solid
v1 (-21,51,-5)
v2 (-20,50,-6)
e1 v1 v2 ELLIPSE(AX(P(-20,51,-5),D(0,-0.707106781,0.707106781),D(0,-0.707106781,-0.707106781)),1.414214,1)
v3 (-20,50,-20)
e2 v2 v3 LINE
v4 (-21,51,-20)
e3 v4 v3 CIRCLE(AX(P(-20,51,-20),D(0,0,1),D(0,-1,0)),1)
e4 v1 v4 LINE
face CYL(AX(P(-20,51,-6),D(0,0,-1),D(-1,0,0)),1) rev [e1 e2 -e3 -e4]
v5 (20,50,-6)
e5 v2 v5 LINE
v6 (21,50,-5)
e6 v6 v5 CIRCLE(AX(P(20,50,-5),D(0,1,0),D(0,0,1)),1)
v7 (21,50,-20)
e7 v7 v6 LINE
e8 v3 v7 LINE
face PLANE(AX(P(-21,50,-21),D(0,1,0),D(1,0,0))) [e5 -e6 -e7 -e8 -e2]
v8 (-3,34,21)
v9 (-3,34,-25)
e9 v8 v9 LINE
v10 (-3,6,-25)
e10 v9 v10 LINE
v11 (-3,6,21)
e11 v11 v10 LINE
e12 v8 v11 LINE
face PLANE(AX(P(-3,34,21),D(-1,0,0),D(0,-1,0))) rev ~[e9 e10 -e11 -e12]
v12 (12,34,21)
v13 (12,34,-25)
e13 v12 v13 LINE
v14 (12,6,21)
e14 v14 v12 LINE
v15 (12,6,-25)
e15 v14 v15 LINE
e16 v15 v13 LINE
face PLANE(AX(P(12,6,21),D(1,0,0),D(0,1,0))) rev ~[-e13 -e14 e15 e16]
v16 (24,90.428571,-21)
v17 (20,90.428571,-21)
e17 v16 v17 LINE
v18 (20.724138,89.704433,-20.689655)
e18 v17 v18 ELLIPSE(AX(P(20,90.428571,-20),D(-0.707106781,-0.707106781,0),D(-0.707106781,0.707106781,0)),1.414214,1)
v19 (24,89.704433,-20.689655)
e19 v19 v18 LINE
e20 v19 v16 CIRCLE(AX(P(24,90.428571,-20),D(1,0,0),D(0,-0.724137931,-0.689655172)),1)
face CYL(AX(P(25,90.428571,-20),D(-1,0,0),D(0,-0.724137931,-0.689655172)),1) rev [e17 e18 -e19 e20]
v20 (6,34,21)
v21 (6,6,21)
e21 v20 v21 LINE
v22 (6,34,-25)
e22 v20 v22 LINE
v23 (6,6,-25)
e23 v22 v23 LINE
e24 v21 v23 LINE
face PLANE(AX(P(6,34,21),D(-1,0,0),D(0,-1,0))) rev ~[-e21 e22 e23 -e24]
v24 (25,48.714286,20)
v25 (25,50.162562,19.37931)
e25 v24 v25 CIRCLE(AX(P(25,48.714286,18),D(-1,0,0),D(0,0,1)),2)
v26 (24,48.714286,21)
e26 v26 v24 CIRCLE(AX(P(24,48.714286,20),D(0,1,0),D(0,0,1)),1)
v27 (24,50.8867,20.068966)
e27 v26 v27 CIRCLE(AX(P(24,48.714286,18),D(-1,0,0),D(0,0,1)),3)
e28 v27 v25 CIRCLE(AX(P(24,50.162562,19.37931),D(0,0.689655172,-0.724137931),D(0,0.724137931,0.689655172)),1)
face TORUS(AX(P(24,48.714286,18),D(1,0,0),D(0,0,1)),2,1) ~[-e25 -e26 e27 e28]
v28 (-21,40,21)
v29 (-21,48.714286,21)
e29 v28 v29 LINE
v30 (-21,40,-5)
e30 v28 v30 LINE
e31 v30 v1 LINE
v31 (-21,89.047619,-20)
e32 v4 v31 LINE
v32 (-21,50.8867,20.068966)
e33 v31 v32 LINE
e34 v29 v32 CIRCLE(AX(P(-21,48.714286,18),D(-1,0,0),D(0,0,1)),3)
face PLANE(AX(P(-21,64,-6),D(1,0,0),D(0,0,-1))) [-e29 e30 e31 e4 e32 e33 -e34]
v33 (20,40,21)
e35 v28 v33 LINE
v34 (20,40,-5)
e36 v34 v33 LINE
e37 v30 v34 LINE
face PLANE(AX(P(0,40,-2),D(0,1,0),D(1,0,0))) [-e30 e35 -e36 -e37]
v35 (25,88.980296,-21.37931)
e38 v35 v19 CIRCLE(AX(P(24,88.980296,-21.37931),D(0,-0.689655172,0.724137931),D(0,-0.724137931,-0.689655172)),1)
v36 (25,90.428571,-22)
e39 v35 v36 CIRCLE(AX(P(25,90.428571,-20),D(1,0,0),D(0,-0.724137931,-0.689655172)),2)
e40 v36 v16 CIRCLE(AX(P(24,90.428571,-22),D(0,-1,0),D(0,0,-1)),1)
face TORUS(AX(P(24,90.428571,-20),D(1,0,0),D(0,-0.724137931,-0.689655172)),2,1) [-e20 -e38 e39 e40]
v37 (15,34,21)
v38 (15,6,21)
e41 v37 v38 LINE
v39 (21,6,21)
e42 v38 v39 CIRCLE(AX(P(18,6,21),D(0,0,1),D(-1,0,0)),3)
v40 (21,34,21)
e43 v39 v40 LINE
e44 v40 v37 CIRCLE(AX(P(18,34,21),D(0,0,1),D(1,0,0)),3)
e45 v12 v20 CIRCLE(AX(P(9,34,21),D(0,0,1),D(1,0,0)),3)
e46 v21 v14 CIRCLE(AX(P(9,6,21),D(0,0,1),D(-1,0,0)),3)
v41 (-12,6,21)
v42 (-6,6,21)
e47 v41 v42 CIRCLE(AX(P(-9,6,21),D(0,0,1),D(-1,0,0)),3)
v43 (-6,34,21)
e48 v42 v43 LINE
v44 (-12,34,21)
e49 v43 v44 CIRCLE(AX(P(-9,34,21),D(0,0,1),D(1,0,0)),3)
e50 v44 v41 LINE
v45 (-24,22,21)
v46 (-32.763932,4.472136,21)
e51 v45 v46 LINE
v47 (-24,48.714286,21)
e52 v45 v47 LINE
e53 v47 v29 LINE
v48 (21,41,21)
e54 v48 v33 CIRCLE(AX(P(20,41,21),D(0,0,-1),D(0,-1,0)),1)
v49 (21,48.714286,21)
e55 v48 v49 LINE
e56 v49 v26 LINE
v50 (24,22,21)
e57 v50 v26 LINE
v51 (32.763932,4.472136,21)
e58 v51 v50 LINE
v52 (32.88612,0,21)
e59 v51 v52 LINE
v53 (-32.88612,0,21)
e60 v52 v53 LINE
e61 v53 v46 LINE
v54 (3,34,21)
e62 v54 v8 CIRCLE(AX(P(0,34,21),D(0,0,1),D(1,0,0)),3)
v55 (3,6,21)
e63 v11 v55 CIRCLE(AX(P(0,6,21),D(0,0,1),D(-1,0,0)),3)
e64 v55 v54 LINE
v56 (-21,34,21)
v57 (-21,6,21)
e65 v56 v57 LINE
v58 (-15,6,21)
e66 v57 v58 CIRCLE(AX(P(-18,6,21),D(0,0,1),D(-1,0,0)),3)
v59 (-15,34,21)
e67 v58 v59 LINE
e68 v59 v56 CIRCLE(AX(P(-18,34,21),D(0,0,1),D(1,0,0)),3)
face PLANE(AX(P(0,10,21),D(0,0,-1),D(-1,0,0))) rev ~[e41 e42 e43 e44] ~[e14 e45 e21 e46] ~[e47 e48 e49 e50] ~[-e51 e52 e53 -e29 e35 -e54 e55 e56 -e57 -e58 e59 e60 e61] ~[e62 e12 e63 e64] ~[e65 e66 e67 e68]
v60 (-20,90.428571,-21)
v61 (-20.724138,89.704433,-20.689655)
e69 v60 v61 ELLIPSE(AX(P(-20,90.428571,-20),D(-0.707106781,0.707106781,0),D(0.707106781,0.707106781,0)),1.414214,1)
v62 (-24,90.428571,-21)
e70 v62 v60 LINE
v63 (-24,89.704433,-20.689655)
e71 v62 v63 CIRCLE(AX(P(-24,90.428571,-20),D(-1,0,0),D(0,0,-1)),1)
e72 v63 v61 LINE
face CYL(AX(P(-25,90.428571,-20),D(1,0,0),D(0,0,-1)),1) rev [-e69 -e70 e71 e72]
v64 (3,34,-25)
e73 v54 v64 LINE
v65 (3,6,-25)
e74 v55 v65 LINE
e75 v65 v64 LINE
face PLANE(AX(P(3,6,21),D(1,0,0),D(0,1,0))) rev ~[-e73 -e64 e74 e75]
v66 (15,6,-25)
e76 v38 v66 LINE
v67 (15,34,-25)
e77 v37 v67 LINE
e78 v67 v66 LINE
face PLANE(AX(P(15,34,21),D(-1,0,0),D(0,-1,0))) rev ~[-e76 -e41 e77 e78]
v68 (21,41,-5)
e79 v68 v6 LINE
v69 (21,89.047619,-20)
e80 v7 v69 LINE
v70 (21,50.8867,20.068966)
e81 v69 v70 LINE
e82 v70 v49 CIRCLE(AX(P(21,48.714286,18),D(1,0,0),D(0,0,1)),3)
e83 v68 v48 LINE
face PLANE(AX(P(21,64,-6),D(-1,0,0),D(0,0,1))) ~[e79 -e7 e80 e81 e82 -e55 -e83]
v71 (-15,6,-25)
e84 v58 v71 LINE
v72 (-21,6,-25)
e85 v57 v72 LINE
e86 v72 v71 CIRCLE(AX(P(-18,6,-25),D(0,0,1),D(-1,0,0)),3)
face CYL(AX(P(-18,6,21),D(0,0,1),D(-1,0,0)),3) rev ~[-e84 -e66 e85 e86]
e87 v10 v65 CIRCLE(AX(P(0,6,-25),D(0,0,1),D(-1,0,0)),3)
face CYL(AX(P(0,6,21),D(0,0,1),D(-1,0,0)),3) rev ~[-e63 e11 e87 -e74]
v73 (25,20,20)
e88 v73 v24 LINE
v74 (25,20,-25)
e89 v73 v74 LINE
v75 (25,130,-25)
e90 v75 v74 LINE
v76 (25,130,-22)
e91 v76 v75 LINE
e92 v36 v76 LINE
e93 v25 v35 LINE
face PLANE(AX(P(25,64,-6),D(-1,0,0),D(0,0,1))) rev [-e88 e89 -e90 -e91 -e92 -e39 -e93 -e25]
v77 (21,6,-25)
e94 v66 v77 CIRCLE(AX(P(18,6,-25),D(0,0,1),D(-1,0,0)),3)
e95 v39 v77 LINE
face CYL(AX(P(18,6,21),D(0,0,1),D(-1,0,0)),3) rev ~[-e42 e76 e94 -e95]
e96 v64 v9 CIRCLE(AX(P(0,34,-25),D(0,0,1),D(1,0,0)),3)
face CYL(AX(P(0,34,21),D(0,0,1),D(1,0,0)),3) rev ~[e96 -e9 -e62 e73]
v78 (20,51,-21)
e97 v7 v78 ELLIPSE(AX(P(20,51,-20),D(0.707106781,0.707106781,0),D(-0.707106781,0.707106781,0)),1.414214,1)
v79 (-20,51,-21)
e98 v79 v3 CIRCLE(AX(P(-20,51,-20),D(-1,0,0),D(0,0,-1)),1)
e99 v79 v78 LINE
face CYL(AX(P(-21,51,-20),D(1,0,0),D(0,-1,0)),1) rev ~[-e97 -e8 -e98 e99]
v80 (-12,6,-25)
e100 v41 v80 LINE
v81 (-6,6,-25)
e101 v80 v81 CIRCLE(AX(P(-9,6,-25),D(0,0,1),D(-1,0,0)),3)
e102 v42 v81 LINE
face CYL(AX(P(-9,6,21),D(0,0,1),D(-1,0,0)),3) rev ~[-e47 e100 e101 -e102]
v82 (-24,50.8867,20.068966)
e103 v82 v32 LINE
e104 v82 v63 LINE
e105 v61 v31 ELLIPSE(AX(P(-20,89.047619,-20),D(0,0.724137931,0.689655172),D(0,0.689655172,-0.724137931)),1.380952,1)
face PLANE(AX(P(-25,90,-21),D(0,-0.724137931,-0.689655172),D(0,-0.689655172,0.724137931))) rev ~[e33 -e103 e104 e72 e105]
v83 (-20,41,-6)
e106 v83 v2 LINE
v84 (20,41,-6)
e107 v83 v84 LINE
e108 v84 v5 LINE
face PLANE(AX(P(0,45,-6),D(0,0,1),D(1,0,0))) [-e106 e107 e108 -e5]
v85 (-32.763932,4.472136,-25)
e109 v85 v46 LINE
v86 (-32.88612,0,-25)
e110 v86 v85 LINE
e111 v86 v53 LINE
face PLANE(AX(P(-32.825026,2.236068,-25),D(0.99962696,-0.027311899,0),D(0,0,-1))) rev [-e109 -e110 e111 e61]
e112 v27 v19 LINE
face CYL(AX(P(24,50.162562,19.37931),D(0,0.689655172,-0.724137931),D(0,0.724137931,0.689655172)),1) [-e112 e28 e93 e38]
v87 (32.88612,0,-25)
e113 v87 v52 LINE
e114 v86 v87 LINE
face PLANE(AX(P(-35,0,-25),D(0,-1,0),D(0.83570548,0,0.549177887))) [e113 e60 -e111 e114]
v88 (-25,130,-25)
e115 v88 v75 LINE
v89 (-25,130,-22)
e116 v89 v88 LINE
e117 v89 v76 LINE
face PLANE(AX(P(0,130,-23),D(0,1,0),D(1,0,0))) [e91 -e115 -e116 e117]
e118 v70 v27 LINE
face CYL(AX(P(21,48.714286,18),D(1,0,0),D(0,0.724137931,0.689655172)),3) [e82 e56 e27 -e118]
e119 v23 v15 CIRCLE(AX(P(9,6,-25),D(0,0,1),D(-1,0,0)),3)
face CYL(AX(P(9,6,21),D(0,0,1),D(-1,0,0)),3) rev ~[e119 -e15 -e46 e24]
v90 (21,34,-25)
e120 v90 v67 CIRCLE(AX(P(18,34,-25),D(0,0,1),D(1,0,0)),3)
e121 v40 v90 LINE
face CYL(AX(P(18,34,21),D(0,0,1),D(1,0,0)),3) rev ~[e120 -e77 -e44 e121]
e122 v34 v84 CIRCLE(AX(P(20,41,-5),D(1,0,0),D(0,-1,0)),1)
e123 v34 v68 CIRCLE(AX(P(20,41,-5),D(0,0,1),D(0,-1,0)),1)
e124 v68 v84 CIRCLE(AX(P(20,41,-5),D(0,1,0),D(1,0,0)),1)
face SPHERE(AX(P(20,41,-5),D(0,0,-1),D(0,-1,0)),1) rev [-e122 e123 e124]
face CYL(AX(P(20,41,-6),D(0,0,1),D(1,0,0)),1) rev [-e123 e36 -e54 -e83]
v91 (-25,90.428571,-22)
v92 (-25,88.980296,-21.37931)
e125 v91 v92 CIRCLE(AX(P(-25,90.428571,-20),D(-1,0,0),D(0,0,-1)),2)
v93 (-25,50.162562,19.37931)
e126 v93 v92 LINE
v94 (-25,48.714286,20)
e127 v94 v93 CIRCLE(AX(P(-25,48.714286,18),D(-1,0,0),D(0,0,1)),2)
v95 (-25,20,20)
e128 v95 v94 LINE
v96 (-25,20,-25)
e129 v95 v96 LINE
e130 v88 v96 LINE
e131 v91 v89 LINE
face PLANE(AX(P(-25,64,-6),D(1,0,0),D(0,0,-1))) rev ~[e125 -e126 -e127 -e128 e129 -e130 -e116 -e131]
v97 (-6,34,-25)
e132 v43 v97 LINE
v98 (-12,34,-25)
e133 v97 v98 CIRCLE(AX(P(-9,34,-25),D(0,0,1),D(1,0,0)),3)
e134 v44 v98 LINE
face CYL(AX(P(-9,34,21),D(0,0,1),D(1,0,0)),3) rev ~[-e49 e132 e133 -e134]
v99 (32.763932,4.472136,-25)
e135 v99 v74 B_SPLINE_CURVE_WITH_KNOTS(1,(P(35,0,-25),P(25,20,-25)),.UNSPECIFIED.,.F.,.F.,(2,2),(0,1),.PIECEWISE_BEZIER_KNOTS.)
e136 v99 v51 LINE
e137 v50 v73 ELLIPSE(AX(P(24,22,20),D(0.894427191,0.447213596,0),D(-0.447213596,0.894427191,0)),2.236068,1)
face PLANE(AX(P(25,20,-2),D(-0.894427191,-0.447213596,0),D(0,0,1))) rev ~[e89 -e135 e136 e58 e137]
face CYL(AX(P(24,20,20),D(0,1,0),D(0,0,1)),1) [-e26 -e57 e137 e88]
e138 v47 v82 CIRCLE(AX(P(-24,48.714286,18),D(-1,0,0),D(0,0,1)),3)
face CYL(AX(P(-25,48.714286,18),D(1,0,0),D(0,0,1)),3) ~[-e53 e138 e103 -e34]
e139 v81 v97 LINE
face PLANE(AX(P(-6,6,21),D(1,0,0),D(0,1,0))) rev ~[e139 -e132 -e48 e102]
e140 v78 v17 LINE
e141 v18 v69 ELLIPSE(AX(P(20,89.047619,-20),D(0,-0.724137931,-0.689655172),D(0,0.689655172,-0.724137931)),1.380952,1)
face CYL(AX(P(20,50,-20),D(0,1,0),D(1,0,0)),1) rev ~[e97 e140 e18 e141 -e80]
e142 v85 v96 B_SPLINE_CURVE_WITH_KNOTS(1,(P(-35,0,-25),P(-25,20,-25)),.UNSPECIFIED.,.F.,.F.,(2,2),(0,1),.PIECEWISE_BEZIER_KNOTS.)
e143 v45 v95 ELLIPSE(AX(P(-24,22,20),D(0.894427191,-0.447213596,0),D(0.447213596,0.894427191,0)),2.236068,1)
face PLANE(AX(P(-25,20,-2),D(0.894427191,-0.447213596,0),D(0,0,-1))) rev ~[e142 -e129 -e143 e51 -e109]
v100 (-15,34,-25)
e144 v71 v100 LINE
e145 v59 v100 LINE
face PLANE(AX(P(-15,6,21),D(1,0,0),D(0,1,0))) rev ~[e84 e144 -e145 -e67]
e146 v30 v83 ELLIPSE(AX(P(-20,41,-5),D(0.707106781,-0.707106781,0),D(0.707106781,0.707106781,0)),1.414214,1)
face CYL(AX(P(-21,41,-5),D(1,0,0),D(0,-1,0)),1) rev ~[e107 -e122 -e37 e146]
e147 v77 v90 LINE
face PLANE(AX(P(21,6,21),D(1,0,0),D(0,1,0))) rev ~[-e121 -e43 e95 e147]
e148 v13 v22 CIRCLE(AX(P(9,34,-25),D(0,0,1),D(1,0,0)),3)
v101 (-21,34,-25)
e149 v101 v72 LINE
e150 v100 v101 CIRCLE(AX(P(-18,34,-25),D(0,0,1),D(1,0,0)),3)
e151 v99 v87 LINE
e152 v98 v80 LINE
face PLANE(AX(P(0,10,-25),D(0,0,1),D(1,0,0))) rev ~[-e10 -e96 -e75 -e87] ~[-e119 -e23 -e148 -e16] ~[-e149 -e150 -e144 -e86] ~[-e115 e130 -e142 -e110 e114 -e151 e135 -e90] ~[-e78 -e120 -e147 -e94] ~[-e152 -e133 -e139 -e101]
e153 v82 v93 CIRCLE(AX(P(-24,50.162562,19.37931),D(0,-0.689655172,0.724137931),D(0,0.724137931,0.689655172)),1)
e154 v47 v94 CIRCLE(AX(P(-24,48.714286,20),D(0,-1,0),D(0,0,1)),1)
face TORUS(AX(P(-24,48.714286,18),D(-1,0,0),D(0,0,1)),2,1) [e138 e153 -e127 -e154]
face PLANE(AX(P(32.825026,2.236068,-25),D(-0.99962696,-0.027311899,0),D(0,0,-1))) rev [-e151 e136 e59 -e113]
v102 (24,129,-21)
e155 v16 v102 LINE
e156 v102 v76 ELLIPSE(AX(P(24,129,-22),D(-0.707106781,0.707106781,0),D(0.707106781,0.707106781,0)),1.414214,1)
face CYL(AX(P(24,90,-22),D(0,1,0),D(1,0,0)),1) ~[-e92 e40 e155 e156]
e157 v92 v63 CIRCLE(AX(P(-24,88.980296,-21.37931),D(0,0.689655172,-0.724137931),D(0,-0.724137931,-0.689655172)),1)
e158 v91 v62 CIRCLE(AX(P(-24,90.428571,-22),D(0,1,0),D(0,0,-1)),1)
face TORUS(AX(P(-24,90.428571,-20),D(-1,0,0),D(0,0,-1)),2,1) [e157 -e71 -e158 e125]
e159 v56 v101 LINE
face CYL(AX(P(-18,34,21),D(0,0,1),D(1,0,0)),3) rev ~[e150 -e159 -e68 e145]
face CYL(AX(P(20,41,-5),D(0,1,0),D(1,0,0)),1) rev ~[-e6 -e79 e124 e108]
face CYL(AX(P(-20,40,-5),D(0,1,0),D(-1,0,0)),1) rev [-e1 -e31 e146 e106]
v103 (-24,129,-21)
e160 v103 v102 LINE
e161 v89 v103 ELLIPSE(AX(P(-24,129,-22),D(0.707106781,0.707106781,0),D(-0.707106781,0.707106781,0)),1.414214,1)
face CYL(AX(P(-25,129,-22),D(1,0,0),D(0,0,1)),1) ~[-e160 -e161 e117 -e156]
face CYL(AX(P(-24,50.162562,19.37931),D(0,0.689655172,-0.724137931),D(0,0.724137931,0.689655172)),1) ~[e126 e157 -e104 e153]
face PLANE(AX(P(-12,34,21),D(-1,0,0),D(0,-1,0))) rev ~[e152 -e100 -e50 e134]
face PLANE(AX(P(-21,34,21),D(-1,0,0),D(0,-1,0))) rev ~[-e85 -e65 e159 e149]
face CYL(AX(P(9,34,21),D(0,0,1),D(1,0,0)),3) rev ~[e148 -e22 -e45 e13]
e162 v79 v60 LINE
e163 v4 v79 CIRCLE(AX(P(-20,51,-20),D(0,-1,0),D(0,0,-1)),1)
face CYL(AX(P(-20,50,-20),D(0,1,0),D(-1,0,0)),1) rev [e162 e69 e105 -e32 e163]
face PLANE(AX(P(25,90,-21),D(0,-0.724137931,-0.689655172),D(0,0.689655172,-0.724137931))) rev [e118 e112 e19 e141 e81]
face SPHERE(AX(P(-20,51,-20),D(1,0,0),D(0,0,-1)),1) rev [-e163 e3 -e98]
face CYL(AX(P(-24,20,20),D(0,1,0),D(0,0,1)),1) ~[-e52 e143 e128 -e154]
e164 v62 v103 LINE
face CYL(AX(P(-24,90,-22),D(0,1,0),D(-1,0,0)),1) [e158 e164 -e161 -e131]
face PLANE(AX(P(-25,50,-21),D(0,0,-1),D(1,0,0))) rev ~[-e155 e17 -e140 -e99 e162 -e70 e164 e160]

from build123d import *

# Parameters (mm, degrees)
SKETCH_1_W             = 50
SKETCH_1_H             = 46
EXTRUDE_1_DEPTH        = 40
EXTRUDE_2_DEPTH        = 10
SKETCH_8_W             = 42
SKETCH_8_H             = 10
EXTRUDE_5_DEPTH        = 15
SKETCH_3_W             = 50
SKETCH_3_H             = 4
EXTRUDE_3_DEPTH        = 80
SKETCH_4_W             = 70
SKETCH_4_H             = 46
SKETCH_5_W             = 50
SKETCH_5_H             = 46
EXTRUDE_4_DEPTH        = 4
FILLET_2_R             = 3
CHAMFER_1_SIZE2        = 2.113879869
CHAMFER_1_SIZE         = 5
CHAMFER_1_EDGE_2_SIZE2 = 5
CHAMFER_1_EDGE_2_SIZE  = 2.113879869
FILLET_4_R             = 1
CUT_EXTRUDE_1_DEPTH    = 47.0000001
FILLET_5_R             = 1


with BuildPart() as part:
    # 草图1 → 凸台-拉伸1 (new body)
    with BuildSketch(Plane(origin=(0, 0, 0), x_dir=(1, 0, 0), z_dir=(0, 1, 0))):
        with Locations((0, 2)):
            Rectangle(SKETCH_1_W, SKETCH_1_H)
    extrude(amount=EXTRUDE_1_DEPTH)

    # 草图2 → 凸台-拉伸2 (add)
    with BuildSketch(Plane(origin=(0, 40, 0), x_dir=(1, 0, 0), z_dir=(0, 1, 0))):
        Polygon((-25, 25), (-25, -21), (-21, -21), (-21, 21), (21, 21), (21, -21), (25, -21), (25, 25), align=None)
    extrude(amount=EXTRUDE_2_DEPTH)

    # 草图8 → 凸台-拉伸5 (add)
    with BuildSketch(Plane.XY.offset(-21)):
        with Locations((0, 45)):
            Rectangle(SKETCH_8_W, SKETCH_8_H)
    extrude(amount=EXTRUDE_5_DEPTH)

    # 草图3 → 凸台-拉伸3 (add)
    with BuildSketch(Plane(origin=(0, 50, 0), x_dir=(1, 0, 0), z_dir=(0, 1, 0))):
        with Locations((0, 23)):
            Rectangle(SKETCH_3_W, SKETCH_3_H)
    extrude(amount=EXTRUDE_3_DEPTH)

    # 草图4 → 放样2 section 0
    with BuildSketch(Plane.XZ):
        with Locations((0, -2)):
            Rectangle(SKETCH_4_W, SKETCH_4_H)
    # 草图5 → 放样2 section 1
    with BuildSketch(Plane(origin=(0, 20, 0), x_dir=(1, 0, 0), z_dir=(0, 1, 0))):
        with Locations((0, 2)):
            Rectangle(SKETCH_5_W, SKETCH_5_H)
    loft()

    # 草图6 → 凸台-拉伸4 (add)
    with BuildSketch(Plane.ZY.offset(25)):
        Polygon((-21, 90), (21, 50), (-21, 50), align=None)
    extrude_4 = extrude(amount=-EXTRUDE_4_DEPTH)

    # 镜向2: 凸台-拉伸4 across plane
    add(extrude_4.mirror(Plane(origin=(0, 0, 0), x_dir=(0, 0, 1), z_dir=(1, 0, 0))))

    # 圆角2
    fillet_2_edges = [part.edges().sort_by_distance(p)[0] for p in [
        (23, 50, 21),
        (-23, 50, 21),
    ]]
    fillet(fillet_2_edges, radius=FILLET_2_R)

    # 倒角1
    chamfer_1_edges = [part.edges().sort_by_distance(p)[0] for p in [
        (35, 0, -2),
    ]]
    chamfer(chamfer_1_edges, length=CHAMFER_1_SIZE, length2=CHAMFER_1_SIZE2)

    # 倒角1 edge 2
    chamfer_1_edge_2_edges = [part.edges().sort_by_distance(p)[0] for p in [
        (-35, 0, -2),
    ]]
    chamfer(chamfer_1_edge_2_edges, length=CHAMFER_1_EDGE_2_SIZE, length2=CHAMFER_1_EDGE_2_SIZE2)

    # 圆角4
    fillet_4_edges = [part.edges().sort_by_distance(p)[0] for p in [
        (21, 40, 7.5),
    ]]
    fillet(fillet_4_edges, radius=FILLET_4_R)

    # 草图7 → 切除-拉伸1 (cut, through all)
    with BuildSketch(Plane.XY.offset(21)):
        with BuildLine():
            Line((-21, 34), (-21, 6))
            ThreePointArc((-21, 6), (-18, 3), (-15, 6))
            Line((-15, 6), (-15, 34))
            ThreePointArc((-15, 34), (-18, 37), (-21, 34))
        make_face()
        with BuildLine():
            Line((-12, 34), (-12, 6))
            ThreePointArc((-12, 6), (-9, 3), (-6, 6))
            Line((-6, 6), (-6, 34))
            ThreePointArc((-6, 34), (-9, 37), (-12, 34))
        make_face()
        with BuildLine():
            Line((-3, 34), (-3, 6))
            ThreePointArc((-3, 6), (0, 3), (3, 6))
            Line((3, 6), (3, 34))
            ThreePointArc((3, 34), (0, 37), (-3, 34))
        make_face()
        with BuildLine():
            Line((6, 34), (6, 6))
            ThreePointArc((6, 6), (9, 3), (12, 6))
            Line((12, 6), (12, 34))
            ThreePointArc((12, 34), (9, 37), (6, 34))
        make_face()
        with BuildLine():
            Line((15, 34), (15, 6))
            ThreePointArc((15, 6), (18, 3), (21, 6))
            Line((21, 6), (21, 34))
            ThreePointArc((21, 34), (18, 37), (15, 34))
        make_face()
    extrude(amount=-CUT_EXTRUDE_1_DEPTH, mode=Mode.SUBTRACT)

    # 圆角5
    fillet_5_edges = [part.edges().sort_by_distance(p)[0] for p in [
        (-25, 34.357142857, 21),
        (25, 34.357142857, 21),
        (-25, 49.89604361, 20.75743509),
        (25, 49.89604361, 20.75743509),
        (-25, 70.443349754, -0.465517241),
        (25, 70.443349754, -0.465517241),
        (-0.5, 40, -6),
        (20.707106781, 40.292893219, -6),
        (21, 70, -21),
        (0, 50, -21),
        (-21, 70, -21),
        (-23, 90, -21),
        (-25, 110, -21),
        (0, 130, -21),
        (25, 110, -21),
        (23, 90, -21),
        (-21, 50, -13.5),
        (-21, 45, -6),
        (21, 45.5, -6),
    ]]
    fillet(fillet_5_edges, radius=FILLET_5_R)


solid = part.part
